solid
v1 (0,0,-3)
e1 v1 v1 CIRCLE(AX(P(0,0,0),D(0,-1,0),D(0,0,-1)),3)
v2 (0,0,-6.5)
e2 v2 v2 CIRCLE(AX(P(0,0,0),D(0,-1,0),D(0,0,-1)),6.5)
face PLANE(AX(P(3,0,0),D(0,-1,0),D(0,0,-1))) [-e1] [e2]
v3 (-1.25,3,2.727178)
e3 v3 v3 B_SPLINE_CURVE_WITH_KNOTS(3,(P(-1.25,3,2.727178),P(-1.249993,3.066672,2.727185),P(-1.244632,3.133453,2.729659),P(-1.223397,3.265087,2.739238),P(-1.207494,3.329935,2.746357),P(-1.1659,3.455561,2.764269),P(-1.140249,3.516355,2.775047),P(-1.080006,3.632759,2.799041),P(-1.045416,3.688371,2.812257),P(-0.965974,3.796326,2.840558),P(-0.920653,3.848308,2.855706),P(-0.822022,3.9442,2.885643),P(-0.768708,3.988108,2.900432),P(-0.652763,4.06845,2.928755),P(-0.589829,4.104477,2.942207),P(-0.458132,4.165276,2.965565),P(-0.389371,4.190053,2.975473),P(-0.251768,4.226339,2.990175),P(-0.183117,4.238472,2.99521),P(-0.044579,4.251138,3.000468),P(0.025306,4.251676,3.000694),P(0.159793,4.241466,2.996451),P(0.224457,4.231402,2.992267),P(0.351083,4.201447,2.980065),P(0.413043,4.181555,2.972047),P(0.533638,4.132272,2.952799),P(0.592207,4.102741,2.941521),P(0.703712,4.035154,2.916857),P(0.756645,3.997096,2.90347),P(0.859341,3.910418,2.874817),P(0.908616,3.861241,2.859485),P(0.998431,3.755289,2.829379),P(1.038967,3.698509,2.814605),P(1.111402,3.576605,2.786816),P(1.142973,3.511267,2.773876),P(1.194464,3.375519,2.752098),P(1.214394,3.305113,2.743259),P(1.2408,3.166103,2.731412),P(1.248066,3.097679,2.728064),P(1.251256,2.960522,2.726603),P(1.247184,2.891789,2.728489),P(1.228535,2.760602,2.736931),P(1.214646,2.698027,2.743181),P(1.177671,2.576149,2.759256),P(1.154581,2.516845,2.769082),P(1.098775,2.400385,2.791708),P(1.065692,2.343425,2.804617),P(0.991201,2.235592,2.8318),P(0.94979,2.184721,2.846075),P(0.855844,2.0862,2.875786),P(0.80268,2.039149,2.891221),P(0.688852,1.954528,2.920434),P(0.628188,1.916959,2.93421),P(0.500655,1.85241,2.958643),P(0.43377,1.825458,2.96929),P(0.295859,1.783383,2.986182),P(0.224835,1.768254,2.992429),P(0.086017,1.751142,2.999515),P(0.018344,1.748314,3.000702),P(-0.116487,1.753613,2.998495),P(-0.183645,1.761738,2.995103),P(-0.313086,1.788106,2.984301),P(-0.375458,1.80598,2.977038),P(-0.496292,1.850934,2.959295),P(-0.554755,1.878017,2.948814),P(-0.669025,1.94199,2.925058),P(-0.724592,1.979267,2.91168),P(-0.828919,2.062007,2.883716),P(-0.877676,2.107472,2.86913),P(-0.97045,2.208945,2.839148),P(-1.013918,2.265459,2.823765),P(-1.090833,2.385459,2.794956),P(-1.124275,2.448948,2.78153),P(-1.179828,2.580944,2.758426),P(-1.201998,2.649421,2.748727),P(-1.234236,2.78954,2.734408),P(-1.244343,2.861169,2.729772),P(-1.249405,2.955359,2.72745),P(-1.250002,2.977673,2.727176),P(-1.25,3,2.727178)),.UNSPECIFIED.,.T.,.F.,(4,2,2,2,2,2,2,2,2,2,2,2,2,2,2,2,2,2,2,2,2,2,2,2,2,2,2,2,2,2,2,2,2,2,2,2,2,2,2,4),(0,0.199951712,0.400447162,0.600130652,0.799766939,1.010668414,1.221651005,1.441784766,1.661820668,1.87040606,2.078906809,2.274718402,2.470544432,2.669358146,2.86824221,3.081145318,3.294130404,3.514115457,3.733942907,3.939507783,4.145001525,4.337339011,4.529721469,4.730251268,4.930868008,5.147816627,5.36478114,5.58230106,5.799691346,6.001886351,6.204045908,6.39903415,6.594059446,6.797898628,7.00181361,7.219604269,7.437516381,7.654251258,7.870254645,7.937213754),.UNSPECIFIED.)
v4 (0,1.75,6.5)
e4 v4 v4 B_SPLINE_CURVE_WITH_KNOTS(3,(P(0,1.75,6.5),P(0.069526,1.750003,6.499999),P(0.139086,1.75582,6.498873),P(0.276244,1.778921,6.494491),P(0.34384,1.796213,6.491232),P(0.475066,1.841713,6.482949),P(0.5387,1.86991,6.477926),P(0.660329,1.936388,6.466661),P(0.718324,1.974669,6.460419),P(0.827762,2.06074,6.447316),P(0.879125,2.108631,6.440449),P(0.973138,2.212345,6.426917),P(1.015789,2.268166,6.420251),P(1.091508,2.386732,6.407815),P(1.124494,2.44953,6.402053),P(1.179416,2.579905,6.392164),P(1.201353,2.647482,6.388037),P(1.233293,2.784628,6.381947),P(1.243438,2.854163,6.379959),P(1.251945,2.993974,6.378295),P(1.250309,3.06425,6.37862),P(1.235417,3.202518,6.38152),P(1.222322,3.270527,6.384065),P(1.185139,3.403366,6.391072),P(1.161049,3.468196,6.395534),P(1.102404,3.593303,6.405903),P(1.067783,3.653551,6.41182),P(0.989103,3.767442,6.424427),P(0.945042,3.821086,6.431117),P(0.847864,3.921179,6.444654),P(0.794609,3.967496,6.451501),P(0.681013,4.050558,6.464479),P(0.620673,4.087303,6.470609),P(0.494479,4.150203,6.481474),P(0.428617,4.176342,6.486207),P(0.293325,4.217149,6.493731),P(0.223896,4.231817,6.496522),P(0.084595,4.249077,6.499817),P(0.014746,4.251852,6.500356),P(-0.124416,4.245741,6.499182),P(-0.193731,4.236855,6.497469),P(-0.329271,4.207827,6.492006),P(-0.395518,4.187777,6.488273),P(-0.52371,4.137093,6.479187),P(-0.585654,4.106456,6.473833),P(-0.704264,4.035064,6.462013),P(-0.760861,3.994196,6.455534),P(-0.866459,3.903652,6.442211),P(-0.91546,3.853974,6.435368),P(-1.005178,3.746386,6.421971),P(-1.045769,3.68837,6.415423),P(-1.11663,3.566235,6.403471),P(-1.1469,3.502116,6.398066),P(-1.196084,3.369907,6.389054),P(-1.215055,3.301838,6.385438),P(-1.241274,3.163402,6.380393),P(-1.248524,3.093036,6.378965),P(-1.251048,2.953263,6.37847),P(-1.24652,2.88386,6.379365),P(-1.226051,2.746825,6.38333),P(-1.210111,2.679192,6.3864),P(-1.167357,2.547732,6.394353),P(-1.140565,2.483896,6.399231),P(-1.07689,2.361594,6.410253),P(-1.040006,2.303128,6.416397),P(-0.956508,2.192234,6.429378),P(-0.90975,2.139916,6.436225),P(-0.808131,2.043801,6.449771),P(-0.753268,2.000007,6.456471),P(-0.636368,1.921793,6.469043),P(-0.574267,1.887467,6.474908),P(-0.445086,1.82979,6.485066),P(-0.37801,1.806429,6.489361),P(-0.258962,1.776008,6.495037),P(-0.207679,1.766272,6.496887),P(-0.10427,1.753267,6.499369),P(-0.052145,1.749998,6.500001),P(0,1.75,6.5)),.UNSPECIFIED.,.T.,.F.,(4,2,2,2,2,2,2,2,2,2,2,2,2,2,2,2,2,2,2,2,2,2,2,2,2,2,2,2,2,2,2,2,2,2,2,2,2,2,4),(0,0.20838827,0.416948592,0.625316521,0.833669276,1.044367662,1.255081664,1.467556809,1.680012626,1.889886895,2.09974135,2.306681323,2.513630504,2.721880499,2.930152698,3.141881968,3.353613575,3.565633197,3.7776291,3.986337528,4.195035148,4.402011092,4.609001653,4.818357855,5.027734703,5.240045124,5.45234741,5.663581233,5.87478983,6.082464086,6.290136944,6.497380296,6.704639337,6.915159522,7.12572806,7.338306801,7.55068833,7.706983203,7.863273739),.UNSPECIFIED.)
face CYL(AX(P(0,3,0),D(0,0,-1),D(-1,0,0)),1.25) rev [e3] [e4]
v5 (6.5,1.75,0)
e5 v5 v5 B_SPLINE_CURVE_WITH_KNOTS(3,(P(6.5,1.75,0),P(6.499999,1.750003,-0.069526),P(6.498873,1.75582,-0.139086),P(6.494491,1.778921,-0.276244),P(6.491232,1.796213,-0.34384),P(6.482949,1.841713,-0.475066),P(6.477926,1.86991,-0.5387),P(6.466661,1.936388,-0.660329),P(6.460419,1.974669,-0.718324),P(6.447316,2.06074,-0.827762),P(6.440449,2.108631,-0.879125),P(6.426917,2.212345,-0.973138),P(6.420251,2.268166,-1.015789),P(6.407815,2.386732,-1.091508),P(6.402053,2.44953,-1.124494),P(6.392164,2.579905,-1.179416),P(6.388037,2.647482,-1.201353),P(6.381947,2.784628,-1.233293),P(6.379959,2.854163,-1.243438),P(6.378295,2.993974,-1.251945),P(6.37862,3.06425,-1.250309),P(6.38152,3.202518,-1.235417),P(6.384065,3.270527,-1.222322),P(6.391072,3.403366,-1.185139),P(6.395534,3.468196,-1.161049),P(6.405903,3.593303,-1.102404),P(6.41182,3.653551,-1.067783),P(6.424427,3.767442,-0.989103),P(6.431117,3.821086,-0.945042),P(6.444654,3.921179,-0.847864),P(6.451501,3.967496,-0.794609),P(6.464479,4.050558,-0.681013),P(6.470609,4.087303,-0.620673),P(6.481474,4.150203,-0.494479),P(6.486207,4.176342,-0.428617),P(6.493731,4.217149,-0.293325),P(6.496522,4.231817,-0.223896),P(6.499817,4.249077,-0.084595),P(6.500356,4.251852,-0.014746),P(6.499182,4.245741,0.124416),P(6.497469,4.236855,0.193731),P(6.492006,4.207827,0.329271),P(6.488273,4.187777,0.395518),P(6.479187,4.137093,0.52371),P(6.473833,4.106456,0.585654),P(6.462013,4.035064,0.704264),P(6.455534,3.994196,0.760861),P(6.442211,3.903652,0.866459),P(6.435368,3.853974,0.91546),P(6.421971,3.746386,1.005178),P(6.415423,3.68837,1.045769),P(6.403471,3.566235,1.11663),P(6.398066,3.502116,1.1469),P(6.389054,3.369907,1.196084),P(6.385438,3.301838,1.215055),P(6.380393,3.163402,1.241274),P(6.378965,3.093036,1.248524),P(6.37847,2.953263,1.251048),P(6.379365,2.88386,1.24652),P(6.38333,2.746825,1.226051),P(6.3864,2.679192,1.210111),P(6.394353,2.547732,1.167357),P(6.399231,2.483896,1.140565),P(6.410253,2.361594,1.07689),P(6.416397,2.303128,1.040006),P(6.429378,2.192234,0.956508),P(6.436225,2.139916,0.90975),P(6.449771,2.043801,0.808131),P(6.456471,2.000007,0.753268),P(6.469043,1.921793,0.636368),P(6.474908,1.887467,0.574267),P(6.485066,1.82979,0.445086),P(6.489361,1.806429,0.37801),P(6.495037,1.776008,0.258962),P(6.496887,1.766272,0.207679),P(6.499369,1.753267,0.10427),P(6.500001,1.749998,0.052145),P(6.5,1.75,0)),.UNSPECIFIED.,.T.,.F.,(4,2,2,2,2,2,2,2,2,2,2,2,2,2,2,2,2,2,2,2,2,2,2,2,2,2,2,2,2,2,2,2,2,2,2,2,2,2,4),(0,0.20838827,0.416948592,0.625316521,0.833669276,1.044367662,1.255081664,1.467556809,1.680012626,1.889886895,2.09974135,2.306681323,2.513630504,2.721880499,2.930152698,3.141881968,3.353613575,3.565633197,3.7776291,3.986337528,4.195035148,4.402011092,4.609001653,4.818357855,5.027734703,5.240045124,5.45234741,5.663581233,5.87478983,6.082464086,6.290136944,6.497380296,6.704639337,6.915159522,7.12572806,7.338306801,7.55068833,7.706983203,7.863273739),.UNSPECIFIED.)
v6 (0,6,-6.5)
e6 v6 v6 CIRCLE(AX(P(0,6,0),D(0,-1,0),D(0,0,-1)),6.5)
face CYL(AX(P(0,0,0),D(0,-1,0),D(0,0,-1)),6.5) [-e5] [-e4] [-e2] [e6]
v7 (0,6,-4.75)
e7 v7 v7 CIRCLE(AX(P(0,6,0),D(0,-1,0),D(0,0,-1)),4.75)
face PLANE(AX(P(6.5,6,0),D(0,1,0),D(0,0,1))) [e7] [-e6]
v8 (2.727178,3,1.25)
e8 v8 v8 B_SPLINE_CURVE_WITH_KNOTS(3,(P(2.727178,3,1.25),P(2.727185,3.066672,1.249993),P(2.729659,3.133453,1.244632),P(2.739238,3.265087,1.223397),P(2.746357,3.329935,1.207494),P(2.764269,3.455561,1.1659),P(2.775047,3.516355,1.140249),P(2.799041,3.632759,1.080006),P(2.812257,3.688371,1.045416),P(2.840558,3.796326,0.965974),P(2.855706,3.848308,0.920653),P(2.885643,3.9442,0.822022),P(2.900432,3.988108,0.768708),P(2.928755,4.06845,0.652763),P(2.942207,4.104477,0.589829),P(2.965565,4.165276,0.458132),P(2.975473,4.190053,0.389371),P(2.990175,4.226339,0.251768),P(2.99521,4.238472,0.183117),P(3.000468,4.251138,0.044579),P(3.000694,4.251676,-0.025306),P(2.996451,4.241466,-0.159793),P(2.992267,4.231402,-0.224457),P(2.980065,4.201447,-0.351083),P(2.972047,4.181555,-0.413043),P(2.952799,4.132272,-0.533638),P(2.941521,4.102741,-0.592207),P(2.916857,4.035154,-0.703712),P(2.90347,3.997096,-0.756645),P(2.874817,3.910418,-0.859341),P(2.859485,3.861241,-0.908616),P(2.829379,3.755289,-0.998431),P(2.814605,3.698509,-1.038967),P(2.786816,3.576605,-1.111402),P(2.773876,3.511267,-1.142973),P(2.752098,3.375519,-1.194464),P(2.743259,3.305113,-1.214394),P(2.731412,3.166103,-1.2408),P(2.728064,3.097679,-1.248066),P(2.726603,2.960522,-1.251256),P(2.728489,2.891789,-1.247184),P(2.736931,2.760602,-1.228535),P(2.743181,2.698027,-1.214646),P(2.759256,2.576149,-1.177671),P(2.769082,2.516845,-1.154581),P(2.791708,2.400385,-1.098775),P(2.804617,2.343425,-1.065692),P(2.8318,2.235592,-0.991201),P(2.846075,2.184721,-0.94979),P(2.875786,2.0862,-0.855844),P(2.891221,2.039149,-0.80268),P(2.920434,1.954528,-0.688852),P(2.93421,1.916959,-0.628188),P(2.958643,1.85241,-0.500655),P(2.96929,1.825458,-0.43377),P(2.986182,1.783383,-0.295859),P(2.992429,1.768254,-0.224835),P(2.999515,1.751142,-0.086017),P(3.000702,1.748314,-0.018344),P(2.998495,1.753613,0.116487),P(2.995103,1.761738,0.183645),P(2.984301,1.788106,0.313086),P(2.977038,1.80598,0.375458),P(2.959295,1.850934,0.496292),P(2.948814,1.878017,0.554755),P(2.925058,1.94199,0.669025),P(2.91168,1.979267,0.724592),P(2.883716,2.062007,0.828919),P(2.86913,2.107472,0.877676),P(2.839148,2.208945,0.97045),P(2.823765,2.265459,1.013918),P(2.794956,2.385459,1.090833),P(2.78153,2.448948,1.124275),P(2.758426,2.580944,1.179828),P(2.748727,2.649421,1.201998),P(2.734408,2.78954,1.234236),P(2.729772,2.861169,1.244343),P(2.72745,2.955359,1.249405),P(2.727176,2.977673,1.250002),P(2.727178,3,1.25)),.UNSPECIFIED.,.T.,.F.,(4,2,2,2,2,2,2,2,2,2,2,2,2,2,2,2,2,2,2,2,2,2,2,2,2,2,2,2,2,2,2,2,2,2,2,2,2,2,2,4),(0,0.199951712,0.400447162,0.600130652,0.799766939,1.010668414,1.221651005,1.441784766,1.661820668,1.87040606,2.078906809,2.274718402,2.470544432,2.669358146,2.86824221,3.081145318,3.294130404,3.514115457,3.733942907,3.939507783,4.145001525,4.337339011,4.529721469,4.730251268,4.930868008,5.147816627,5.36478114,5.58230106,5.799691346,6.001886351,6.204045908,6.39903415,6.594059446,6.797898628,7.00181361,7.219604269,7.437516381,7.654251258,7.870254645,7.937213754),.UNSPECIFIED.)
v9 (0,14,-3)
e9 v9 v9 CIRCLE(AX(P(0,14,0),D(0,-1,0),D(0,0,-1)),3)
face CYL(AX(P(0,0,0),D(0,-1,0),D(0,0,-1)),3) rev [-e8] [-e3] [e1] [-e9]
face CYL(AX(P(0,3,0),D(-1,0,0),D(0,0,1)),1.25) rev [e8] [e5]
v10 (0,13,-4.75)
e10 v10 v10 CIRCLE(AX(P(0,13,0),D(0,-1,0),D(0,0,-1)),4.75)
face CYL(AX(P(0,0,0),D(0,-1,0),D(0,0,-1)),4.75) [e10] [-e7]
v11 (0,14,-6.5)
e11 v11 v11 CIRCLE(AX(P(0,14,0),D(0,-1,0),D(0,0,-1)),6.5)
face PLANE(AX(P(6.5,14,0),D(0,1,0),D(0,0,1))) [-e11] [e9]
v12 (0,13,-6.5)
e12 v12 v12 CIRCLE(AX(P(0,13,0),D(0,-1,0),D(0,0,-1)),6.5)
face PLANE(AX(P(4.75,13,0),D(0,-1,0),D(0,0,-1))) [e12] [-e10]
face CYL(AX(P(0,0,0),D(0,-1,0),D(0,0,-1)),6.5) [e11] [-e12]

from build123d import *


with BuildPart() as part:
    # 草图1 → 旋转1 (revolve)
    with BuildSketch(Plane.XY, mode=Mode.PRIVATE) as revolve_1_sk:
        Polygon((3, 0), (6.5, 0), (6.5, 6), (4.75, 6), (4.75, 13), (6.5, 13), (6.5, 14), (3, 14), align=None)
    revolve(revolve_1_sk.sketch.rotate(Axis((0, 0, 0), (0, 1, 0)), 90), axis=Axis((0, 0, 0), (0, 1, 0)))

    # 草图3 → M3 螺纹孔1 (revolve, cut)
    with BuildSketch(Plane(origin=(0, 3, 0), x_dir=(0, 1, 0), z_dir=(1, 0, 0))):
        Polygon((0, 0), (0, 6.5), (1.25, 6.5), (1.25, 0.275), (1.525, 0), align=None)
    revolve(axis=Axis((0, 3, -6.35), (0, 0, 1)), mode=Mode.SUBTRACT)

    # 草图5 → M3 螺纹孔2 (revolve, cut)
    with BuildSketch(Plane.ZX.offset(3)):
        Polygon((0, 0), (0, 6.5), (1.25, 6.5), (1.25, 0.275), (1.525, 0), align=None)
    revolve(axis=Axis((-6.35, 3, 0), (1, 0, 0)), mode=Mode.SUBTRACT)


solid = part.part
